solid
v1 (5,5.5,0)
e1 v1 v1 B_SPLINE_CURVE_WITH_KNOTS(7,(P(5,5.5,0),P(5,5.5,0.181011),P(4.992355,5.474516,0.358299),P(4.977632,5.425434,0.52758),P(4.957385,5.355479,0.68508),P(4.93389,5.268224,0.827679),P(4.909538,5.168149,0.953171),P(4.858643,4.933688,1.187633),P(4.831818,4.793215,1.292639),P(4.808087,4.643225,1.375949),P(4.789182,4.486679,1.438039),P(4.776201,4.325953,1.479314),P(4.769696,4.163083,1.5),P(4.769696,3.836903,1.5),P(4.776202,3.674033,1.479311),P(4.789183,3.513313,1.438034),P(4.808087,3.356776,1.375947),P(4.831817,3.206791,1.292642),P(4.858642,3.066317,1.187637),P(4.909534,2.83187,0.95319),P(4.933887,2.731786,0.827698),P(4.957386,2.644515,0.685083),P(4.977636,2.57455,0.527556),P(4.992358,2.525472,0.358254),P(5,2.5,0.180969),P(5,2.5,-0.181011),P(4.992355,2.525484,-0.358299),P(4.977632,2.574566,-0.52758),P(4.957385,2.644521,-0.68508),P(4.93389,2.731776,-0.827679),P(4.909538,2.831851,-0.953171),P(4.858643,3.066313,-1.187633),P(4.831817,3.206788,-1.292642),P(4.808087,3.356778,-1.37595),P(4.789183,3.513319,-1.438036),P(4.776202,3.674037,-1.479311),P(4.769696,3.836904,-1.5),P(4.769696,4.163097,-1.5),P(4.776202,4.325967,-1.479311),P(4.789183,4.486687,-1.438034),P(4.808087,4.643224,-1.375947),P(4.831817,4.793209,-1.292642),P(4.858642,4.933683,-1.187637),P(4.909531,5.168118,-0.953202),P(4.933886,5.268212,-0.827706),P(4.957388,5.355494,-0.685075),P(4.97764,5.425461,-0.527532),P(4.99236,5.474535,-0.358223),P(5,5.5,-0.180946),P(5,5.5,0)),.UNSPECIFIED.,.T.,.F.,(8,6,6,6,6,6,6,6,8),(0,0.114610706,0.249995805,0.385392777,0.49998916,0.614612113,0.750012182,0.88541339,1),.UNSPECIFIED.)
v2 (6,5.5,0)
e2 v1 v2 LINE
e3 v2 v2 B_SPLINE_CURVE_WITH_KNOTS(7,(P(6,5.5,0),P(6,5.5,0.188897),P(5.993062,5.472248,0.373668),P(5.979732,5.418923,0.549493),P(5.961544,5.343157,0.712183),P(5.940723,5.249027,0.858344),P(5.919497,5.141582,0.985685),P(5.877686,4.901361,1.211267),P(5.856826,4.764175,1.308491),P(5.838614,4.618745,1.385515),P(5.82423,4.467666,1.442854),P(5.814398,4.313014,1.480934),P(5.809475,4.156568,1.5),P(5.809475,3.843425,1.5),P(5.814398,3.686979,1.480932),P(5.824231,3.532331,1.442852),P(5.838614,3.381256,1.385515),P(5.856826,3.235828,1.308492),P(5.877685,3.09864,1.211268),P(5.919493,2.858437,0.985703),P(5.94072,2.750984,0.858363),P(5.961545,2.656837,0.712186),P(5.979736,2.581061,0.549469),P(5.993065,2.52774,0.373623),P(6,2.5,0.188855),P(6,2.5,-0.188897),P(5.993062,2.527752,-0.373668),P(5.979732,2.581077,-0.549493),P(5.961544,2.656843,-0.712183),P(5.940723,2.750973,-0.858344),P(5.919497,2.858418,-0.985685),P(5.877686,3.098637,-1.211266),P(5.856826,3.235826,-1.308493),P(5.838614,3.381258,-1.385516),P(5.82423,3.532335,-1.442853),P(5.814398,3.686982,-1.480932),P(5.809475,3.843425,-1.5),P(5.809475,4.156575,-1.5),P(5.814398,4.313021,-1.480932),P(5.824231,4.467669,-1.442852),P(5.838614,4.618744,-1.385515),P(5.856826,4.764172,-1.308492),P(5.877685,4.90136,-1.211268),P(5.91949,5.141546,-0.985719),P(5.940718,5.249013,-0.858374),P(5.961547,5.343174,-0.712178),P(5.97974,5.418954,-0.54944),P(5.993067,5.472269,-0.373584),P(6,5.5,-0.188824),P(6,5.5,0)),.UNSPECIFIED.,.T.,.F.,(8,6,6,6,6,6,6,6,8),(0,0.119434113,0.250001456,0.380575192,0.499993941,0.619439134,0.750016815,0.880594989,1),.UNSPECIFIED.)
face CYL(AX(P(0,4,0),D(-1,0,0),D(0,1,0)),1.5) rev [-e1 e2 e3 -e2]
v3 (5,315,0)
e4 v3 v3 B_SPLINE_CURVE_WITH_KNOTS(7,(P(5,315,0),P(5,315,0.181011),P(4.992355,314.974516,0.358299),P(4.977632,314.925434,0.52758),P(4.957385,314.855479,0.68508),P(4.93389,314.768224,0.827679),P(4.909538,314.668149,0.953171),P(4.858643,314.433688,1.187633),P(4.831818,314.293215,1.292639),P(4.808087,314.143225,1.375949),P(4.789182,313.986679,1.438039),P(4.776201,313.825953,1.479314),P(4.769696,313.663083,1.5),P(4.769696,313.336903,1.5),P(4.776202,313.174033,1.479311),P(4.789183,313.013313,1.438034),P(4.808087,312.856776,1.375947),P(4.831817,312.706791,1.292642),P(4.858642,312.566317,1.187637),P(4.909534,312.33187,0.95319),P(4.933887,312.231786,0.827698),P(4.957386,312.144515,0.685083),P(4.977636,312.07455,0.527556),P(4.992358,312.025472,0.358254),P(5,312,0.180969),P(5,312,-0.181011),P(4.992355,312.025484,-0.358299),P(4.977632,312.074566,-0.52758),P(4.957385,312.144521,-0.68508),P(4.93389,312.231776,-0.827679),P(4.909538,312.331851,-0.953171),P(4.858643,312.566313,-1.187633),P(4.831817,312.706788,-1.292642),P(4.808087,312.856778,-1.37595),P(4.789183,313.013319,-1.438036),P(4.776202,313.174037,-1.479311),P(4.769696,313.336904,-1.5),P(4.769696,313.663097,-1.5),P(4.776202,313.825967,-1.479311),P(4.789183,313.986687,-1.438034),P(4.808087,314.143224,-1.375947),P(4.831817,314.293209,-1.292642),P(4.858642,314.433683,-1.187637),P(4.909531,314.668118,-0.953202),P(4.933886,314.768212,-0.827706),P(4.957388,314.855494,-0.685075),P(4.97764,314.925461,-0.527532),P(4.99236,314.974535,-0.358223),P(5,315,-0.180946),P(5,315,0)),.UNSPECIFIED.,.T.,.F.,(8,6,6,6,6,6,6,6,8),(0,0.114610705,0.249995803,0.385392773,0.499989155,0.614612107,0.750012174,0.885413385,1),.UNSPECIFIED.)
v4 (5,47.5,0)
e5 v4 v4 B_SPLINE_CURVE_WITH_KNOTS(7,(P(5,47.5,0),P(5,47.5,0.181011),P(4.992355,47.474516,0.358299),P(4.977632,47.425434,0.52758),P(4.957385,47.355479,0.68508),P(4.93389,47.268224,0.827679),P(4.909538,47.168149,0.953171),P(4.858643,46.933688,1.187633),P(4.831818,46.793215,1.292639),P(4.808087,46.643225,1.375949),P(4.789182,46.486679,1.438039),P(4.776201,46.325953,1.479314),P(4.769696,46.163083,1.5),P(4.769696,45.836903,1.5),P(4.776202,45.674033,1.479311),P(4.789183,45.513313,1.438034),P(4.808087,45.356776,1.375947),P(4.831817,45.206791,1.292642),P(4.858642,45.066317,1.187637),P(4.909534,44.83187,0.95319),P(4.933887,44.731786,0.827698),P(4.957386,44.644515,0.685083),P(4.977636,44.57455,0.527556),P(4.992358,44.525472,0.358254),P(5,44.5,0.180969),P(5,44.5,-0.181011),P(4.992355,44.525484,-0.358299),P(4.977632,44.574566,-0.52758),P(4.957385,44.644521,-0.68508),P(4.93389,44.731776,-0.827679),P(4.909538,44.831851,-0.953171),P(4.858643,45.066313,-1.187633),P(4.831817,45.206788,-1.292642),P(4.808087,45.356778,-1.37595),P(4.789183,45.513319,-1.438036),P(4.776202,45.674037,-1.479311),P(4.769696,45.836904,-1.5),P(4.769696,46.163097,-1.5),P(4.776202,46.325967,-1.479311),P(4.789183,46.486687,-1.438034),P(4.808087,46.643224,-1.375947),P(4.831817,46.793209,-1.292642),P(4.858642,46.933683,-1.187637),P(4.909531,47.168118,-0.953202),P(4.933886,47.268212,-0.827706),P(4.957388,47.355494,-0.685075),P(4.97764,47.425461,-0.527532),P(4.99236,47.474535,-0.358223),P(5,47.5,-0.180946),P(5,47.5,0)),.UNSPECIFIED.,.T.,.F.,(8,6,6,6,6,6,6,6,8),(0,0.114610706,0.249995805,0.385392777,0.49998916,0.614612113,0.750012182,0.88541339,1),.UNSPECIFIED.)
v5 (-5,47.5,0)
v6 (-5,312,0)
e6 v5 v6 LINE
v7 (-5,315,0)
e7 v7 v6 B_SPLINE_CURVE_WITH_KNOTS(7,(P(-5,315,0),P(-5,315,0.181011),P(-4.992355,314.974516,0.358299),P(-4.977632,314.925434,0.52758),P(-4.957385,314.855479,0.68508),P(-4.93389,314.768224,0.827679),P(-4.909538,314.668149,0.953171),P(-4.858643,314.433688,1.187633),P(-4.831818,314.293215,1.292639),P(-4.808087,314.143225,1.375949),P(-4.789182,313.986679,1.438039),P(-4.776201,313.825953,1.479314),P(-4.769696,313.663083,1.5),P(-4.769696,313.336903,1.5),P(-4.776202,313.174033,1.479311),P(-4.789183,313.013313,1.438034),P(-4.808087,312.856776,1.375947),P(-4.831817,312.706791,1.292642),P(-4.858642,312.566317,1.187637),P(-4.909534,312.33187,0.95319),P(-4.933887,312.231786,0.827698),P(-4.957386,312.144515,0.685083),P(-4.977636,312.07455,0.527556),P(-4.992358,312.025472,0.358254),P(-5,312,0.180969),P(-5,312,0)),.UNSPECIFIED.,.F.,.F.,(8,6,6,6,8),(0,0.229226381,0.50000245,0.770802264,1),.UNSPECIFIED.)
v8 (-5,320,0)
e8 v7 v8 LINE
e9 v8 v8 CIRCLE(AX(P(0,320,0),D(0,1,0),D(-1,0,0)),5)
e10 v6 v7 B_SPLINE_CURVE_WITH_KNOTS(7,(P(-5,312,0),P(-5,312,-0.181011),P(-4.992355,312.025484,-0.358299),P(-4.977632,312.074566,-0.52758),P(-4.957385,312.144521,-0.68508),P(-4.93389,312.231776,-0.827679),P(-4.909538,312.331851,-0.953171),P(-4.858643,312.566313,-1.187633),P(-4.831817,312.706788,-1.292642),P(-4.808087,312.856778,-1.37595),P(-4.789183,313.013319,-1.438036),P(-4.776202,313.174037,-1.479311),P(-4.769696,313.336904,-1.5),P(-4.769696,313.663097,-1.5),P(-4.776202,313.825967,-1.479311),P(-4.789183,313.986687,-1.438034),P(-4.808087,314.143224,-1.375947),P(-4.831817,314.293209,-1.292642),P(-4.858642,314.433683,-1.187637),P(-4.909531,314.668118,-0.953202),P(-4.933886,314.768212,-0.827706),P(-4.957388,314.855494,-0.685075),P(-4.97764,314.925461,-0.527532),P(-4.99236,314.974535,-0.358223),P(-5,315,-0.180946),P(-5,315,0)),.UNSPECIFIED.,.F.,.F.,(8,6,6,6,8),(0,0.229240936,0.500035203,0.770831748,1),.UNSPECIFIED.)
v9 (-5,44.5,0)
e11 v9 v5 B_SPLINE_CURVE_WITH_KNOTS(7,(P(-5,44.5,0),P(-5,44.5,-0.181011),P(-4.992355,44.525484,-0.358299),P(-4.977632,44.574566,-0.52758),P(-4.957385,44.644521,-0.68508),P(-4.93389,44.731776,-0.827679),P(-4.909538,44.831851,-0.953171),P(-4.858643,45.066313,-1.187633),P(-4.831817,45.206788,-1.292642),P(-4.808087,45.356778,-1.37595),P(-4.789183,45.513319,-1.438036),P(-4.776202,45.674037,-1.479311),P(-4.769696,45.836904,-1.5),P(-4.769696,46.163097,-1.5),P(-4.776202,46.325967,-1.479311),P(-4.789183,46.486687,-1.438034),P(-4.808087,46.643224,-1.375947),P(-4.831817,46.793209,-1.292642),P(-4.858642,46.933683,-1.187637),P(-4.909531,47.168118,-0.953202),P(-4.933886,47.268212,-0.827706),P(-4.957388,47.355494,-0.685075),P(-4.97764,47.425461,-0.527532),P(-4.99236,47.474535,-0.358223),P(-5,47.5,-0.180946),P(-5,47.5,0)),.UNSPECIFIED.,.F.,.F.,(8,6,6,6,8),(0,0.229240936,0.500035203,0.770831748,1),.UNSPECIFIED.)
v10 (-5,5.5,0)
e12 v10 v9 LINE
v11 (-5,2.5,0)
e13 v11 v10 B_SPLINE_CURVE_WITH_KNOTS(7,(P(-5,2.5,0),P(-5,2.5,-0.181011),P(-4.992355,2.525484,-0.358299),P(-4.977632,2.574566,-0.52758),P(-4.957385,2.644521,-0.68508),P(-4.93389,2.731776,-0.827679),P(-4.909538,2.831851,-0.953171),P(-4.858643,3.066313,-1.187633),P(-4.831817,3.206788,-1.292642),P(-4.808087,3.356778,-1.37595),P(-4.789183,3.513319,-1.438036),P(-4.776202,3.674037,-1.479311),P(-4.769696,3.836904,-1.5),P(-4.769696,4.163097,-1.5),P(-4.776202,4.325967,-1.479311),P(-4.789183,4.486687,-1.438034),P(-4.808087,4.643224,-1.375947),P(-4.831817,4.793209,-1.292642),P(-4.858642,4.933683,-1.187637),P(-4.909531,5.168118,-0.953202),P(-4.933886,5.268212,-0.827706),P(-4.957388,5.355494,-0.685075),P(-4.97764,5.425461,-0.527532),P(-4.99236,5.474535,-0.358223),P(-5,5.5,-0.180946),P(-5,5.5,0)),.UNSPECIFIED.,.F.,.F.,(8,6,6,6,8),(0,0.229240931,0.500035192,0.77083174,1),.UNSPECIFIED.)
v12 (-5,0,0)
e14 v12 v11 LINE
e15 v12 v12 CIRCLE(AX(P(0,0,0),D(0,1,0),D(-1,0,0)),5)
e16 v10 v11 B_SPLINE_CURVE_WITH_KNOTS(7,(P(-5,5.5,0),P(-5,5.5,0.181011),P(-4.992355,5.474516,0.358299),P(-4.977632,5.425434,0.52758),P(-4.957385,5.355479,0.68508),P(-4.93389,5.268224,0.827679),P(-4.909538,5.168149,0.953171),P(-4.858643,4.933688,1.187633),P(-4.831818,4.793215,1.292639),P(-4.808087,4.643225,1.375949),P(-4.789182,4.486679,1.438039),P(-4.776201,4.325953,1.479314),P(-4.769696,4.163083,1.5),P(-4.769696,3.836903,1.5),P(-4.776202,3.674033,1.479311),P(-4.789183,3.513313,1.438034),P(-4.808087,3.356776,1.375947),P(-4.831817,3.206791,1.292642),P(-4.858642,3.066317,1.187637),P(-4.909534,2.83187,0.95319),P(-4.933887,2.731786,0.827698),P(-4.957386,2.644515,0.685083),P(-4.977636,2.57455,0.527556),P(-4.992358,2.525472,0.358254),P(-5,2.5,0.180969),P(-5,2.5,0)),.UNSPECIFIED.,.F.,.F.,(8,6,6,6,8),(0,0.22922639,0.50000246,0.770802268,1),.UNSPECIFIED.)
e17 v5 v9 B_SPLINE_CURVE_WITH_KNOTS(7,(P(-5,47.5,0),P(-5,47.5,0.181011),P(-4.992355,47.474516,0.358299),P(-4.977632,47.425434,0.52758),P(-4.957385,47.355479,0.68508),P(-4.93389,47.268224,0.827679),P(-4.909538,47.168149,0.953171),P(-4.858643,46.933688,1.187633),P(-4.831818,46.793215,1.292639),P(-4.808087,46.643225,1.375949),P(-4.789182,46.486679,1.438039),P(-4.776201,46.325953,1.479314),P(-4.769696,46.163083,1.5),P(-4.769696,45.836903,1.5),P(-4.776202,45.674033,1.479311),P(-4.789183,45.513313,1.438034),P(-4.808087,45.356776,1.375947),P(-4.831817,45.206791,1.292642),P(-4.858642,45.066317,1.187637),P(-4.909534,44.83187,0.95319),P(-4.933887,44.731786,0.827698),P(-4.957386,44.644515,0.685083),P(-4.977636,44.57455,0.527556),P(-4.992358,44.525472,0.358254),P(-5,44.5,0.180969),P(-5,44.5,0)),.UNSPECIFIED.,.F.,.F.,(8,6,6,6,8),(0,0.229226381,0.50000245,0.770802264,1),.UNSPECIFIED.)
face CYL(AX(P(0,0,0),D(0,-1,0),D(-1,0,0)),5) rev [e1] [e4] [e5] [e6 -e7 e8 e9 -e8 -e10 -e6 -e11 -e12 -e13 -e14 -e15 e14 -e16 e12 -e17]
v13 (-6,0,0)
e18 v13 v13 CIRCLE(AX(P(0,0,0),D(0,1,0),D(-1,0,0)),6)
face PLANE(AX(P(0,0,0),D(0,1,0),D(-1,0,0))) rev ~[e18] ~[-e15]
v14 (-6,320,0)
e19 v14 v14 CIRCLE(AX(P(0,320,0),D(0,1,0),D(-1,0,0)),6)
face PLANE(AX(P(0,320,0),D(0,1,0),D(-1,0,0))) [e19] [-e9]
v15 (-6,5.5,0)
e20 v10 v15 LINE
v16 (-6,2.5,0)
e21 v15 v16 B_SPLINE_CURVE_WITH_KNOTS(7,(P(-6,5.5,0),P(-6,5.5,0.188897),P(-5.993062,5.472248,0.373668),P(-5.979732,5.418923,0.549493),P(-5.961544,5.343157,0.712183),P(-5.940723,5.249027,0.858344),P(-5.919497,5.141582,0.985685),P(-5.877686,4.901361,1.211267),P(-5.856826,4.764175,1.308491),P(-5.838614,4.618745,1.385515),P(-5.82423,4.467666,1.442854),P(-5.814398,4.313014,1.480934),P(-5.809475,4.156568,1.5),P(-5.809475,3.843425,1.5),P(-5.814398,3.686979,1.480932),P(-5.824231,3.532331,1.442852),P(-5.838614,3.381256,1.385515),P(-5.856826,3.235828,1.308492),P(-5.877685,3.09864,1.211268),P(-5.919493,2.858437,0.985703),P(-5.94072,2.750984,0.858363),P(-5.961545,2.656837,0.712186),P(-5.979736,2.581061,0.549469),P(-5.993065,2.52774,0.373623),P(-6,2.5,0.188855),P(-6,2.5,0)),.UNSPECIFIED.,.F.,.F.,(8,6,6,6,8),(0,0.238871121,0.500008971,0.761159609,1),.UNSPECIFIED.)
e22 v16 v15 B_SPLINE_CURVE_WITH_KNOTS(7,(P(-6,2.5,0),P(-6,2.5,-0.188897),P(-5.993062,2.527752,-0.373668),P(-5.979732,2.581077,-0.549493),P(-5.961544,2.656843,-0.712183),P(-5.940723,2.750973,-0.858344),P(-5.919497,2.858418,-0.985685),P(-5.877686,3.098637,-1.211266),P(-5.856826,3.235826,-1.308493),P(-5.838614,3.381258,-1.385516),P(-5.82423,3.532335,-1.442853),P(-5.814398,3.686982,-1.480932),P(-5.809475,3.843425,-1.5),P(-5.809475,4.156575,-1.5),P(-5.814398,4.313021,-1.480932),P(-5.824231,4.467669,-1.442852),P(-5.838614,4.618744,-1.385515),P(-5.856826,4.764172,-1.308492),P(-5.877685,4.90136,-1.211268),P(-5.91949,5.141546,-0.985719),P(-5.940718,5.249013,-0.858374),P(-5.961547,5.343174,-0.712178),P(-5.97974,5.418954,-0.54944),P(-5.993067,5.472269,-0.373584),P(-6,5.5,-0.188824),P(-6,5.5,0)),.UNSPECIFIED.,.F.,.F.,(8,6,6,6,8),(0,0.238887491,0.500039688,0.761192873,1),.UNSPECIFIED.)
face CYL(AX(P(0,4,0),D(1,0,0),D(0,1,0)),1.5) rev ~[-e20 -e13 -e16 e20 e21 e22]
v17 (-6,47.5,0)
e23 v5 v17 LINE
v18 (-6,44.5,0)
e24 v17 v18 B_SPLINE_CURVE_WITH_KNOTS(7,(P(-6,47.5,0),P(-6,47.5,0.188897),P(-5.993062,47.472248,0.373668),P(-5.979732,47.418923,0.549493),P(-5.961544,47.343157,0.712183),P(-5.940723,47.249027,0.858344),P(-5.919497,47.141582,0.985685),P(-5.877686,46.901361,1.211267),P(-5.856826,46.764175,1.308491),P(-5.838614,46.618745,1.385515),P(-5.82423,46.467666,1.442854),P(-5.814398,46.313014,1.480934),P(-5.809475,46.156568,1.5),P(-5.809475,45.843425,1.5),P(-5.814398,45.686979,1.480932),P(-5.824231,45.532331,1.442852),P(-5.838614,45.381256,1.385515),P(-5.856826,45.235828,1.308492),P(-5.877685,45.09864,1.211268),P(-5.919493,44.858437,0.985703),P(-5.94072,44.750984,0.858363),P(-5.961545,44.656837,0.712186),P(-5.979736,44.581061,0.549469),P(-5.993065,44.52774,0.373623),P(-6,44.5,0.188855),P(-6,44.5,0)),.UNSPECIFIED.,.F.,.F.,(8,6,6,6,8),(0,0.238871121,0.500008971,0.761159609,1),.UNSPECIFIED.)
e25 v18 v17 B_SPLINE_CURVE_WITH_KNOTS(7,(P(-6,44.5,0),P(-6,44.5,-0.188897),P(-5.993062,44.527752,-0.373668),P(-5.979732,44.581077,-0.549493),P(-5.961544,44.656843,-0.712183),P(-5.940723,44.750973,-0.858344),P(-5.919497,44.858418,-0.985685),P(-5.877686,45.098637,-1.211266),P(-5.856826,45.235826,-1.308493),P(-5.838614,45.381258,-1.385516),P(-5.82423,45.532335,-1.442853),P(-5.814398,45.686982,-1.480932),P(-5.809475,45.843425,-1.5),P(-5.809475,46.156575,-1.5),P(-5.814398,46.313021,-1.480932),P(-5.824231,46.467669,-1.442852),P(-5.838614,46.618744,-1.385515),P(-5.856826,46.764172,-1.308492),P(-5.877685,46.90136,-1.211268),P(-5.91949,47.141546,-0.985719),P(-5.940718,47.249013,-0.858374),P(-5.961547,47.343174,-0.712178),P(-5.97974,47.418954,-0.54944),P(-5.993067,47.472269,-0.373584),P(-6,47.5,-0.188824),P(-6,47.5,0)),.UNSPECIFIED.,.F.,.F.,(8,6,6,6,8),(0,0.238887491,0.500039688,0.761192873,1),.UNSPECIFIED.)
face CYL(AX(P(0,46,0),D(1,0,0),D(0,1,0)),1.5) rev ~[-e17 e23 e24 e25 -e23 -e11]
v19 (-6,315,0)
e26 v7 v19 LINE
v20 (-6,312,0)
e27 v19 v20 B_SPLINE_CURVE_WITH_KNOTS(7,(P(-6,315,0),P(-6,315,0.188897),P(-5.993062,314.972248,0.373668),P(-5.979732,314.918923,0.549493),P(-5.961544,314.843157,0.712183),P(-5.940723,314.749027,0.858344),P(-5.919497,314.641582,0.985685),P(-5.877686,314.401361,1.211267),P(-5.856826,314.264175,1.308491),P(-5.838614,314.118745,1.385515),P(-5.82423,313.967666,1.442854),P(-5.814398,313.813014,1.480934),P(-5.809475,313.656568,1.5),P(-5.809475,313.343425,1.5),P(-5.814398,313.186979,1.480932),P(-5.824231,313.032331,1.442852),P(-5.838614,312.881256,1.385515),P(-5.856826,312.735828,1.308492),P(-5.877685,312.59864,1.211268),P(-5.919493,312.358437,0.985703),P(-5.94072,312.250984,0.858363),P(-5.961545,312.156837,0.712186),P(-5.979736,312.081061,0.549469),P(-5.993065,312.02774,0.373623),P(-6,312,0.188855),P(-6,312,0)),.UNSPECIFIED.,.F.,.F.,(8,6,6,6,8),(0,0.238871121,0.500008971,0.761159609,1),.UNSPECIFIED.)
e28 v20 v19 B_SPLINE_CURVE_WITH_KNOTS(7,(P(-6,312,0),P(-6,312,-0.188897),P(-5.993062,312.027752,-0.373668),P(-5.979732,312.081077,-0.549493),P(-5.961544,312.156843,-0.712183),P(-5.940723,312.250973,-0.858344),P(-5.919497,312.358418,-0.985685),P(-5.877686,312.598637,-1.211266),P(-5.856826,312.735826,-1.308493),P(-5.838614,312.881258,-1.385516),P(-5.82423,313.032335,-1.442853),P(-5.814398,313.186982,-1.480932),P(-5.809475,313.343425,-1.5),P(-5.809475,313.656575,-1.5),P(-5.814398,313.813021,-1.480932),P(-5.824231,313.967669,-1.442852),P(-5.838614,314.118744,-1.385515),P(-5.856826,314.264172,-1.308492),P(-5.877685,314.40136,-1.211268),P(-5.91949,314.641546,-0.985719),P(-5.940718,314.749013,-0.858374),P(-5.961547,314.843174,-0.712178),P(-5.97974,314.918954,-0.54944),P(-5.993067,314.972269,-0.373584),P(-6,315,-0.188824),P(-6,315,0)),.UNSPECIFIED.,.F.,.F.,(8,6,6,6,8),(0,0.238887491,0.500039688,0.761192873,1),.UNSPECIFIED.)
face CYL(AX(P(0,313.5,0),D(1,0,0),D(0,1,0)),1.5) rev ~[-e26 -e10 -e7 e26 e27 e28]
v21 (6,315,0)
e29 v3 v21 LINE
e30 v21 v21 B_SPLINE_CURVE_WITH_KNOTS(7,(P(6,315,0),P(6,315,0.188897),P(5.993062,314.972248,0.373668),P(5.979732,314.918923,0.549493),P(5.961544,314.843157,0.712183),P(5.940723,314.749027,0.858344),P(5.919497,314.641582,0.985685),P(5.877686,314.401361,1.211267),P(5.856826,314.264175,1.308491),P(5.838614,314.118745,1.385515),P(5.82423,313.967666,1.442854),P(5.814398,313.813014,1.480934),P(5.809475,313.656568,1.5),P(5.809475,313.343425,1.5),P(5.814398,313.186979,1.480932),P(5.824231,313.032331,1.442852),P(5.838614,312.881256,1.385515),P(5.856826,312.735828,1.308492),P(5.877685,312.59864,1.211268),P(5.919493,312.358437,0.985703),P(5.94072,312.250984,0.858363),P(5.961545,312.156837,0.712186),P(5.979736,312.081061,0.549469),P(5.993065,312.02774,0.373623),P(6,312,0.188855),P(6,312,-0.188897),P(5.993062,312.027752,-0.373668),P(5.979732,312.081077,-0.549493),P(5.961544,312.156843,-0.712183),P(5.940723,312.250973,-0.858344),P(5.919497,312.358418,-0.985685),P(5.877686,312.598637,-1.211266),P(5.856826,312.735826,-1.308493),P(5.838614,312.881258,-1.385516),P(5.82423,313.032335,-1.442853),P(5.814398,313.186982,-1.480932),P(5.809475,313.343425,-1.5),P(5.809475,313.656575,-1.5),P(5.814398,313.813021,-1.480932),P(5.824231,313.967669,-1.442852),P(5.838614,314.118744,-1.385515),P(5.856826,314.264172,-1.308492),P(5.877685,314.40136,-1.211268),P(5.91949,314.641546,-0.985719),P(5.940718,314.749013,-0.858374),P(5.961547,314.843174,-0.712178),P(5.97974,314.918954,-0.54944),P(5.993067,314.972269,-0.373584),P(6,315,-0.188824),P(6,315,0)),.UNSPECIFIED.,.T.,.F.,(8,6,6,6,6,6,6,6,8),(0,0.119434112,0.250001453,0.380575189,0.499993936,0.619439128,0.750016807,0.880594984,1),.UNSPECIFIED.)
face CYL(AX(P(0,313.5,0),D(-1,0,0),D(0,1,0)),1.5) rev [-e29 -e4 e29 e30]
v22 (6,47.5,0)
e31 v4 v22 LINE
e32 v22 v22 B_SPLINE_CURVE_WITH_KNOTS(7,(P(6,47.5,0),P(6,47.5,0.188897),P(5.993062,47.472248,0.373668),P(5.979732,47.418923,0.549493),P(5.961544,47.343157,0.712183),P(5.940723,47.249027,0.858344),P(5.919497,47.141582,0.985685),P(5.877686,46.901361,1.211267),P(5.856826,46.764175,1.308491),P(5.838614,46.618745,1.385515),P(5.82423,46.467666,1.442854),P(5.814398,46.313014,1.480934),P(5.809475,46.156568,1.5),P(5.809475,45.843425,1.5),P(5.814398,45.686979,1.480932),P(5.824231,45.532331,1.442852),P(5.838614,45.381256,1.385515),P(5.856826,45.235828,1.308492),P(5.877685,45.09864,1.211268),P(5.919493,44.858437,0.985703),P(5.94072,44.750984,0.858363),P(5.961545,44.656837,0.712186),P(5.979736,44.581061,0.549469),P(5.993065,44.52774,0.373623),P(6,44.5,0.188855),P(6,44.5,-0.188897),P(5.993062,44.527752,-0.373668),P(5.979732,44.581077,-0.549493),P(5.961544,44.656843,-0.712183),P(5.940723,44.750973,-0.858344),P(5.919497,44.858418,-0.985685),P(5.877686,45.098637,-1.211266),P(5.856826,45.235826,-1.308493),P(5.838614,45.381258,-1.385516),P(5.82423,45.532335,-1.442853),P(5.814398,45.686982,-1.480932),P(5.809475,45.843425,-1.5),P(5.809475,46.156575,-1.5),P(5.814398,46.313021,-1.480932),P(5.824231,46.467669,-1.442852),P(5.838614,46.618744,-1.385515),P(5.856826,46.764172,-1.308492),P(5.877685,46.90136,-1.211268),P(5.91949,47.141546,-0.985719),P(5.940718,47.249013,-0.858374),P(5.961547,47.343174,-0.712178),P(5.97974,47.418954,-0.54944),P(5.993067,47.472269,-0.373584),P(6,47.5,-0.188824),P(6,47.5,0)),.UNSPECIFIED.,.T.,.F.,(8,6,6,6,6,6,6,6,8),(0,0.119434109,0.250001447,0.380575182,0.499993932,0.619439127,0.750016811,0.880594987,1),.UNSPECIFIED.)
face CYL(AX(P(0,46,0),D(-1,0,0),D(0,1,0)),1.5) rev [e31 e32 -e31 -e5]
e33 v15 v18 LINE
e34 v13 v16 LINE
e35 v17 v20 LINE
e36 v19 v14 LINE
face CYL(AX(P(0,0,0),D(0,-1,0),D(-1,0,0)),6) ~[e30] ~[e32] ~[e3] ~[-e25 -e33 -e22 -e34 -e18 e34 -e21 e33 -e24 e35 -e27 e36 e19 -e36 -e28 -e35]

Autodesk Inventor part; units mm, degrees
ref_plane "XZ Plane" through (0, 0, 0) normal (0, 1, 0) x (-1, 0, 0)
ref_plane "XY Plane" through (0, 0, 0) normal (0, 0, 1) x (1, 0, 0)
sketch "Sketch1" plane through (0, 0, 0) normal (0, 1, 0) x (-1, 0, 0)
  circle A0 centre (0, 0) radius 6
  circle A1 centre (0, 0) radius 5
  dimension "d0" = 12
  dimension "d1" = 10
extrude "Extrusion1" add sketch "Sketch1" along normal blind 320
sketch "Sketch2" plane through (0, 0, 0) normal (1, 0, 0) x (0, 1, 0)
  line L0 (0, -6) -> (0, 6) projected
  circle A0 centre (4, 0) radius 1.5
  circle A1 centre (46, 0) radius 1.5
  line L1 (320, -6) -> (320, 6) projected
  circle A2 centre (313.5, 0) radius 1.5
  point P0 (0, 0)
  dimension "d4" = 3
  dimension "d5" = 3
  dimension "d6" = 4
  dimension "d7" = 46
  dimension "d10" = 3
  dimension "d11" = 6.5
extrude "Extrusion2" cut sketch "Sketch2" along normal mid plane 320
properties part number "CF_tube_12mm"
